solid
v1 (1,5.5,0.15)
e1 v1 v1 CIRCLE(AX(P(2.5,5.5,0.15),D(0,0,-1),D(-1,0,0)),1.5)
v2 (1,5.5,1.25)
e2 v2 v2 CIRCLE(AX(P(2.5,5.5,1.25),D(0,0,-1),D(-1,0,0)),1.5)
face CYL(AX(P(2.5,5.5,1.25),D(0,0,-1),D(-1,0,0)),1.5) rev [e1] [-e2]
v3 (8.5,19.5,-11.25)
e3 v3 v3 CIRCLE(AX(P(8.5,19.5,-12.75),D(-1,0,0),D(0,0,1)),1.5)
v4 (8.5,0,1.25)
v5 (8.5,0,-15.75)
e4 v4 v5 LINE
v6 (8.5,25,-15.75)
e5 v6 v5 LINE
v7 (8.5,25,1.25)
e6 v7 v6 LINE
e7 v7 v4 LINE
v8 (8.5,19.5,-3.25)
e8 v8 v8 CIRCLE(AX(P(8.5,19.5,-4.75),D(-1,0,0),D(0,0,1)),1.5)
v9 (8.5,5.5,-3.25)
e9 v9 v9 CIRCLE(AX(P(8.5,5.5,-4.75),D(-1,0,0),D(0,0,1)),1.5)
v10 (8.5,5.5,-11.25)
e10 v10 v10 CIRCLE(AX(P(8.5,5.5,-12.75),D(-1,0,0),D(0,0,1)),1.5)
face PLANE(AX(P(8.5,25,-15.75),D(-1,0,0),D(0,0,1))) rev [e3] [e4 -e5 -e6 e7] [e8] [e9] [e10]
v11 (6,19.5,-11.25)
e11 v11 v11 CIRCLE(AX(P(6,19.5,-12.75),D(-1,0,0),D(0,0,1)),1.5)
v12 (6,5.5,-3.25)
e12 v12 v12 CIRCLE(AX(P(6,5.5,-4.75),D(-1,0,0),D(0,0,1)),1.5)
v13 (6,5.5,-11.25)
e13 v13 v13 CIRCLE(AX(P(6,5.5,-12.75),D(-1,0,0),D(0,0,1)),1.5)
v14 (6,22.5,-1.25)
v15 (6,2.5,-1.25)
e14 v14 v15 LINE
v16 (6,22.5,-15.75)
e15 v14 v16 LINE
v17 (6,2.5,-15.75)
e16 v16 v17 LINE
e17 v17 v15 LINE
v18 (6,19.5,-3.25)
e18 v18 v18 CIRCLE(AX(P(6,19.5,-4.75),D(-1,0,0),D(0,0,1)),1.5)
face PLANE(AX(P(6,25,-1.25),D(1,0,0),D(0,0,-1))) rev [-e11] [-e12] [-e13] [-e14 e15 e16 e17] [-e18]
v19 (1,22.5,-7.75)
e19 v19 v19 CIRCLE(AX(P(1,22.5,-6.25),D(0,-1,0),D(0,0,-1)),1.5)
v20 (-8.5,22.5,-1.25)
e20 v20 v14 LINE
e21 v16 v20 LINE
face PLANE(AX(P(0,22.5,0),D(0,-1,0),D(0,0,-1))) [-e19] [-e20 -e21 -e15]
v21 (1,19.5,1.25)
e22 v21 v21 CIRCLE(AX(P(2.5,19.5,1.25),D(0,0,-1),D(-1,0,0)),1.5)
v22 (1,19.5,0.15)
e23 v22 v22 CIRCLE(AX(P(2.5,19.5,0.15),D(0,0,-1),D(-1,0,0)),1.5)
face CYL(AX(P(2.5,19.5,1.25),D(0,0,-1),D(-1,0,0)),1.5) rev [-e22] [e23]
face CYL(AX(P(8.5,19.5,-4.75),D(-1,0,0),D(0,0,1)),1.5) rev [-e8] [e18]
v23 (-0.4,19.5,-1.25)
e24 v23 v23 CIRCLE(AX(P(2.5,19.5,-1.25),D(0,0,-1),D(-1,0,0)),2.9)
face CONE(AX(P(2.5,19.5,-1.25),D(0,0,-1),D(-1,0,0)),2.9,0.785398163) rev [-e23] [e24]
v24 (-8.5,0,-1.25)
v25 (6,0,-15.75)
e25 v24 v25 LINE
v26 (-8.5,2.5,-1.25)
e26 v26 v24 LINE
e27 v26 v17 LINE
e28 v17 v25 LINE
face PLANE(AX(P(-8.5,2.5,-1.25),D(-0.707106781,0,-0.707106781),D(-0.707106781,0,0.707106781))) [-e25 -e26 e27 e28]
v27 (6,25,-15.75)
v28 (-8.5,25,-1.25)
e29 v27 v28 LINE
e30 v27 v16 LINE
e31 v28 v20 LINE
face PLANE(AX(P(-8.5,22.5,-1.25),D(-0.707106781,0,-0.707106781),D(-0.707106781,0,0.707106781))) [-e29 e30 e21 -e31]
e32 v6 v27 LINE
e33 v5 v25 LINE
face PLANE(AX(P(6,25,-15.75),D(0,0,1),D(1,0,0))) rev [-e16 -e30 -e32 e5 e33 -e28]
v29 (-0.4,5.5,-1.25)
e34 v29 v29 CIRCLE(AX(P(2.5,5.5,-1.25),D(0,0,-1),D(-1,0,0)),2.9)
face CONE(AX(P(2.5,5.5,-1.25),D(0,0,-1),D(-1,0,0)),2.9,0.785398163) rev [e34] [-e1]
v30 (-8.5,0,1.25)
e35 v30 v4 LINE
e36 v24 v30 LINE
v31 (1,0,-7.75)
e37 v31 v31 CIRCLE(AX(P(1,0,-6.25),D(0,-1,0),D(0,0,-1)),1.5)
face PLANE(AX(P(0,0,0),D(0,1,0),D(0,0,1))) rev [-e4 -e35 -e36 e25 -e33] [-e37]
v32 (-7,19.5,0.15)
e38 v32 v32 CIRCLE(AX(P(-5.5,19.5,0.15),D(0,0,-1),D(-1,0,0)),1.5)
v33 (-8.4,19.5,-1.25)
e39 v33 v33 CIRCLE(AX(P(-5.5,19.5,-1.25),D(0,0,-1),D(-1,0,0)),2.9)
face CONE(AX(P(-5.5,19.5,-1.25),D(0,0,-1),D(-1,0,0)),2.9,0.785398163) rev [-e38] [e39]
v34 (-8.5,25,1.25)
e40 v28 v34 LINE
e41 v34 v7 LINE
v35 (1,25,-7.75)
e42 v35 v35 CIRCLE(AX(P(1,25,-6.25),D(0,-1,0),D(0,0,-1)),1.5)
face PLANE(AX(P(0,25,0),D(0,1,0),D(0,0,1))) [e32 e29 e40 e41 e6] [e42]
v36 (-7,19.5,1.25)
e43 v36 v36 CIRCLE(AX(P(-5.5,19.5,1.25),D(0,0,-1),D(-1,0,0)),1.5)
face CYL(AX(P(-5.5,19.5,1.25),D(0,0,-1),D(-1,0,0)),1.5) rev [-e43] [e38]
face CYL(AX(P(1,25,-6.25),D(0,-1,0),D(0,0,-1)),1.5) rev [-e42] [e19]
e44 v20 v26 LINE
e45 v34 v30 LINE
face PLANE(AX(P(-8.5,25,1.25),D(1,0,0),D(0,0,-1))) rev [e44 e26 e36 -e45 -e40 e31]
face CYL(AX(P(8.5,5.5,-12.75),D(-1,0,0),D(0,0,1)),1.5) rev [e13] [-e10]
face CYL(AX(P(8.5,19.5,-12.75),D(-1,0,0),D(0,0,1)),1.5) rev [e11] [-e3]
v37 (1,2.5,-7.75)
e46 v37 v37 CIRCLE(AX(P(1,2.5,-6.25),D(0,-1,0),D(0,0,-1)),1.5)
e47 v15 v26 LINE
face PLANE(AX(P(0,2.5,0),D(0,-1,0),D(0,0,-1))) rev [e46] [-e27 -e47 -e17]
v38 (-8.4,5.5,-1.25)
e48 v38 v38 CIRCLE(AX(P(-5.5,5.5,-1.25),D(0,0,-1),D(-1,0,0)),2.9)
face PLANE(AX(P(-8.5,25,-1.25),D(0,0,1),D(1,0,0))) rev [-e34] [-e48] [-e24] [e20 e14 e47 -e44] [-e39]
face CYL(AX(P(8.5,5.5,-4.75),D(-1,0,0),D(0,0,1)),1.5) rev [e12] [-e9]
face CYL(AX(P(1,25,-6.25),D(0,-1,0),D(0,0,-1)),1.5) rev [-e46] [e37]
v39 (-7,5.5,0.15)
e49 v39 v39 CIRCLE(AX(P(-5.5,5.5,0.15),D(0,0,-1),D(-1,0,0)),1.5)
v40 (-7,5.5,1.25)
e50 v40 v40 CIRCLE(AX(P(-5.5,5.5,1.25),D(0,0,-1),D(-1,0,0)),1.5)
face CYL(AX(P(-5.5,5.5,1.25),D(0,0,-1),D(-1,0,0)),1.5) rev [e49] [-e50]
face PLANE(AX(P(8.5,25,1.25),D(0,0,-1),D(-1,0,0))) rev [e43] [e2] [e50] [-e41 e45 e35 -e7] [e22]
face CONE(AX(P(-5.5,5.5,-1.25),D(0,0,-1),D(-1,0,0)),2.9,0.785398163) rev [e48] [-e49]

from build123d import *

# Parameters (mm, degrees)
EXTRUDE_1_DEPTH          = 25
EXTRUDE_3_DEPTH          = 2.5
EXTRUDE_4_DEPTH          = 2.5
SKETCH_8_R               = 1.5
CUT_EXTRUDE_1_DEPTH      = 31.124740663
SKETCH_9_R               = 1.5
CUT_EXTRUDE_2_DEPTH      = 33.913712948
SKETCH_10_R              = 1.5
CUT_EXTRUDE_3_DEPTH      = 31.745934691
HOLE_WIZARD_2_AT_2_COUNT = 2
HOLE_WIZARD_2_AT_2_PITCH = 8
HOLE_WIZARD_2_AT_3_COUNT = 2
HOLE_WIZARD_2_AT_3_PITCH = 16.124515497
HOLE_WIZARD_2_AT_4_COUNT = 2
HOLE_WIZARD_2_AT_4_PITCH = 14


with BuildPart() as part:
    # 草图1 → 凸台-拉伸1 (new body)
    with BuildSketch(Plane(origin=(0, 0, 0), x_dir=(1, 0, 0), z_dir=(0, 1, 0))):
        Polygon((6, 1.25), (6, 15.75), (8.5, 15.75), (8.5, 1.25), (8.5, -1.25), (-8.5, -1.25), (-8.5, 1.25), align=None)
    extrude(amount=EXTRUDE_1_DEPTH)

    # 草图5 → 凸台-拉伸3 (add)
    with BuildSketch(Plane.XZ):
        Polygon((6, -15.75), (6, -1.25), (-8.5, -1.25), align=None)
    extrude(amount=-EXTRUDE_3_DEPTH)

    # 草图6 → 凸台-拉伸4 (add)
    with BuildSketch(Plane(origin=(0, 25, 0), x_dir=(1, 0, 0), z_dir=(0, 1, 0))):
        Polygon((6, 15.75), (6, 1.25), (-8.5, 1.25), align=None)
    extrude(amount=-EXTRUDE_4_DEPTH)

    # 草图8 → 切除-拉伸1 (cut, through all)
    with BuildSketch(Plane(origin=(0, 0, -1.25), x_dir=(-1, 0, 0), z_dir=(0, 0, -1))):
        with Locations((-2.5, 19.5)):
            Circle(SKETCH_8_R)
        with Locations((5.5, 19.5)):
            Circle(SKETCH_8_R)
        with Locations((5.5, 5.5)):
            Circle(SKETCH_8_R)
        with Locations((-2.5, 5.5)):
            Circle(SKETCH_8_R)
    extrude(amount=-CUT_EXTRUDE_1_DEPTH, mode=Mode.SUBTRACT)

    # 草图9 → 切除-拉伸2 (cut, through all)
    with BuildSketch(Plane.ZY.offset(-6)):
        with Locations((-12.75, 19.5)):
            Circle(SKETCH_9_R)
        with Locations((-12.75, 5.5)):
            Circle(SKETCH_9_R)
        with Locations((-4.75, 19.5)):
            Circle(SKETCH_9_R)
        with Locations((-4.75, 5.5)):
            Circle(SKETCH_9_R)
    extrude(amount=-CUT_EXTRUDE_2_DEPTH, mode=Mode.SUBTRACT)

    # 草图10 → 切除-拉伸3 (cut, through all)
    with BuildSketch(Plane.XZ):
        with Locations(Location((1, -6.25, 0), (0, 0, 270))):
            Circle(SKETCH_10_R)
    extrude(amount=-CUT_EXTRUDE_3_DEPTH, mode=Mode.SUBTRACT)

    # 草图14 → 打孔尺寸(%根据十字)槽沉头木螺钉的类型2 (revolve, cut)
    with BuildSketch(Plane(origin=(-5.5, 5.5, -1.25), x_dir=(0, 1, 0), z_dir=(1, 0, 0))):
        Polygon((0, 0), (0, 2.5), (1.5, 2.5), (1.5, 1.4), (2.9, 0), align=None)
    hole_wizard_2 = revolve(axis=Axis((-5.5, 5.5, -7.6), (0, 0, 1)), mode=Mode.SUBTRACT)

    # 打孔尺寸(%根据十字)槽沉头木螺钉的类型2 at 2: 打孔尺寸(%根据十字)槽沉头木螺钉的类型2 ×2
    with Locations(*[(i * HOLE_WIZARD_2_AT_2_PITCH, 0, 0) for i in range(1, HOLE_WIZARD_2_AT_2_COUNT)]):
        add(hole_wizard_2, mode=Mode.SUBTRACT)

    # 打孔尺寸(%根据十字)槽沉头木螺钉的类型2 at 3: 打孔尺寸(%根据十字)槽沉头木螺钉的类型2 ×2
    with Locations(*[Vector(0.49613893835683387, 0.8682431421244591, 0) * (i * HOLE_WIZARD_2_AT_3_PITCH) for i in range(1, HOLE_WIZARD_2_AT_3_COUNT)]):
        add(hole_wizard_2, mode=Mode.SUBTRACT)

    # 打孔尺寸(%根据十字)槽沉头木螺钉的类型2 at 4: 打孔尺寸(%根据十字)槽沉头木螺钉的类型2 ×2
    with Locations(*[(0, i * HOLE_WIZARD_2_AT_4_PITCH, 0) for i in range(1, HOLE_WIZARD_2_AT_4_COUNT)]):
        add(hole_wizard_2, mode=Mode.SUBTRACT)


solid = part.part
